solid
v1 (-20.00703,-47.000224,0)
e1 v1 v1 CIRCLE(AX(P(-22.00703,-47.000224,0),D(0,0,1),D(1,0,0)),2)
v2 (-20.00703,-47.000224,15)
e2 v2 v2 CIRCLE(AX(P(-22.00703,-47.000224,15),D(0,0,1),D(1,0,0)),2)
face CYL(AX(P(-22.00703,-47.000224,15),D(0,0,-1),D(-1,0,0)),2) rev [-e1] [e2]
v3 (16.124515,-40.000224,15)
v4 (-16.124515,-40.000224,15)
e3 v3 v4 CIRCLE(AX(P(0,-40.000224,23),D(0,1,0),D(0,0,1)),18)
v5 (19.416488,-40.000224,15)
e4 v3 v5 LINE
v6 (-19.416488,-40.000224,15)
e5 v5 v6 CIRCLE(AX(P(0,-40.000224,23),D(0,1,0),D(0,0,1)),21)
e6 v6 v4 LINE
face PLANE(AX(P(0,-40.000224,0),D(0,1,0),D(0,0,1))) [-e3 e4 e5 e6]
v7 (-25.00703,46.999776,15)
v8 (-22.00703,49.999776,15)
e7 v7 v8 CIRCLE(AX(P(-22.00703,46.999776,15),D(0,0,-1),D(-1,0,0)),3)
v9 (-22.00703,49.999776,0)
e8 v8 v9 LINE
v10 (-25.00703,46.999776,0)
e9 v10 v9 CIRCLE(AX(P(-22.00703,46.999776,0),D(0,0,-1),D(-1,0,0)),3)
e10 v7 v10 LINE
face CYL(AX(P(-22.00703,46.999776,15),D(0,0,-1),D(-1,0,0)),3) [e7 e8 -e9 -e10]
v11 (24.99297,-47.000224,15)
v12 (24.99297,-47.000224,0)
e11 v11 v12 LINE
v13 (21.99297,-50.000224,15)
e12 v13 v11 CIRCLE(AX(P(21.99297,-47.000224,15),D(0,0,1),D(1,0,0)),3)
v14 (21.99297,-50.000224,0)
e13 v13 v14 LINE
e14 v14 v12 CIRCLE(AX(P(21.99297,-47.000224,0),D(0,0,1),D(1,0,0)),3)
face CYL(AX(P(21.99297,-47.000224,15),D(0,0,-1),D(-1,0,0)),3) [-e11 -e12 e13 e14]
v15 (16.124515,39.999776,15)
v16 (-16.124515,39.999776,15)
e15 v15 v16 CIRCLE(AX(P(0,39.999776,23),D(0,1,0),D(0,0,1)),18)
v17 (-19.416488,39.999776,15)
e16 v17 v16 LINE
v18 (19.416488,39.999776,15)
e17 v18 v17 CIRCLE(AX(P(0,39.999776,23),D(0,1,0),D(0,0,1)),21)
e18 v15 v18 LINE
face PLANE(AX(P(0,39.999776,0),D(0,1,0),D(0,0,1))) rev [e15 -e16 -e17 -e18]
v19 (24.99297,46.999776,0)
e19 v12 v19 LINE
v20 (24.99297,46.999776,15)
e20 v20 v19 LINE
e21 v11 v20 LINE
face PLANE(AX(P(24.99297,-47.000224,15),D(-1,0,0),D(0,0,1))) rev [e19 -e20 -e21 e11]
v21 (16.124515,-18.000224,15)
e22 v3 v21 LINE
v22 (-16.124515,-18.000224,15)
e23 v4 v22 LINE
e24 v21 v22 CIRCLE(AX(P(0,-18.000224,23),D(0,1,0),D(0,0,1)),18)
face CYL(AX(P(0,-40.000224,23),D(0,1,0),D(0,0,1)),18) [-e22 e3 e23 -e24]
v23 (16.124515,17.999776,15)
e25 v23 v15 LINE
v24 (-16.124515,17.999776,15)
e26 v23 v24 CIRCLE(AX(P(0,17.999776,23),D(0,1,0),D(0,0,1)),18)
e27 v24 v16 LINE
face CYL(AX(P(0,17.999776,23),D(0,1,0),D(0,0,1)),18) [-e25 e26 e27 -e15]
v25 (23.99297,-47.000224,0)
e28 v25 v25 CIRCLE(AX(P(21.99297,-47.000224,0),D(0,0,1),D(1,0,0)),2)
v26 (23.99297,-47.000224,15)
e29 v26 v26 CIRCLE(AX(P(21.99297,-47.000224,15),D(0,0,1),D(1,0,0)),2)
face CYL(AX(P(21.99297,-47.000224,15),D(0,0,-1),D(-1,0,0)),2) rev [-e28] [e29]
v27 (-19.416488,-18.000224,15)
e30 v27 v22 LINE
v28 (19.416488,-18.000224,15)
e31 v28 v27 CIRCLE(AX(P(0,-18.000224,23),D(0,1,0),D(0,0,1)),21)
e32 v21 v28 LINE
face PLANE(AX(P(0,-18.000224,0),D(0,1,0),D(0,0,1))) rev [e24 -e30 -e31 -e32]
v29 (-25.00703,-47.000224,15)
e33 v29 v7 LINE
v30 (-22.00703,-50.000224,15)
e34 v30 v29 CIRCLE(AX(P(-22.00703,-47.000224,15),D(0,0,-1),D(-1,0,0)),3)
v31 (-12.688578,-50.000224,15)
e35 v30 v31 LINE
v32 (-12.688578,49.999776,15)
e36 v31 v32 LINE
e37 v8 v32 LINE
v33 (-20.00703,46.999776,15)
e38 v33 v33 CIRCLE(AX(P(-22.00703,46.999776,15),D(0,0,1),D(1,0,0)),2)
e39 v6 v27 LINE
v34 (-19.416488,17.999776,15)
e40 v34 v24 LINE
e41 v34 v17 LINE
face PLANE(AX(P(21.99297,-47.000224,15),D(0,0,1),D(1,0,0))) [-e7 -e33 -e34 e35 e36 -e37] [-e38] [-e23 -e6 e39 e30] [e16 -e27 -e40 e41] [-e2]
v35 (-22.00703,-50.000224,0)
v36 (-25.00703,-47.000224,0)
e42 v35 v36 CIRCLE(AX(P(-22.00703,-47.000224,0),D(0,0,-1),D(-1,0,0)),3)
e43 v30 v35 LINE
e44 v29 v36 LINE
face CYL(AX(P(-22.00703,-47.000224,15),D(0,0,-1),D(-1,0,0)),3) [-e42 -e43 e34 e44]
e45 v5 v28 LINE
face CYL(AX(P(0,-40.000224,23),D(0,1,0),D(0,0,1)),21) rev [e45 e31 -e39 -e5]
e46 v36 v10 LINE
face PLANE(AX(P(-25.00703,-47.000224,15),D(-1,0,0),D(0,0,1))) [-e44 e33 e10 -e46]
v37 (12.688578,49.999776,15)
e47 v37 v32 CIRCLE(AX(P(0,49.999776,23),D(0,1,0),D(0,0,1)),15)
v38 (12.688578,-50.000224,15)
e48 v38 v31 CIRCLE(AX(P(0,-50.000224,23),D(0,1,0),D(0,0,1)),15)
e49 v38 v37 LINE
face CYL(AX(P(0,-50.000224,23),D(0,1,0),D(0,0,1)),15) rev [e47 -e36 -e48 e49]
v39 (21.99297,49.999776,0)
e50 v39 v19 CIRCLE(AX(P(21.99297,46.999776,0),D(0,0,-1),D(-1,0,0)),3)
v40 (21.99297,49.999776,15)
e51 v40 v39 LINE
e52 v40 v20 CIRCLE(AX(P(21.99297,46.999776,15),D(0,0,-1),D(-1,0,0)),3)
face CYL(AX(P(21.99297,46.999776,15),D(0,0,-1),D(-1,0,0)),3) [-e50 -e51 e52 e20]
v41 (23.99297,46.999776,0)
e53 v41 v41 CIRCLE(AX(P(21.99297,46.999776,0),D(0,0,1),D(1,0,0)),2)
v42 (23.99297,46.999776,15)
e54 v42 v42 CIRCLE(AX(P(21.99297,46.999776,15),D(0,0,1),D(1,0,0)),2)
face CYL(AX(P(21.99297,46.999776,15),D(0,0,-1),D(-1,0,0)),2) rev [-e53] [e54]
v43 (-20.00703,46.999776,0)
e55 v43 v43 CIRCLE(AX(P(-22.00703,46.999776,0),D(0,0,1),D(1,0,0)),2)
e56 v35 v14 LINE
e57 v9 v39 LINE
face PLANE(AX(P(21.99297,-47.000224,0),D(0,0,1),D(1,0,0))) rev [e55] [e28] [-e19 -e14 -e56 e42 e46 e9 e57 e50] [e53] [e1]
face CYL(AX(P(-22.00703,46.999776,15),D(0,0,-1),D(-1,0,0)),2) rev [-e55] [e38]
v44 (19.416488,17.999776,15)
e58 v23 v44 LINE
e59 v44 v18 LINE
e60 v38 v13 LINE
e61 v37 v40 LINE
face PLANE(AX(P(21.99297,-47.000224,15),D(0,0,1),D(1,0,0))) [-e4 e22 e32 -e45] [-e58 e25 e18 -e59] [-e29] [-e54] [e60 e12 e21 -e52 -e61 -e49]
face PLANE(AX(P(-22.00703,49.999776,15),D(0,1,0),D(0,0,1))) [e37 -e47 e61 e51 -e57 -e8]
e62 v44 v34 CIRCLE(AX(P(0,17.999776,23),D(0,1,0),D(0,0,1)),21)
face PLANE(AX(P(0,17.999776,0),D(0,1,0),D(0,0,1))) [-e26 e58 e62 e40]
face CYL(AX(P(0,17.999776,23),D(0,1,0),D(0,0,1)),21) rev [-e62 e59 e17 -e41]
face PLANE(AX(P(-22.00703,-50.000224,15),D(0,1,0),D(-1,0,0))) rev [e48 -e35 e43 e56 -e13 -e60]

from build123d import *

# Parameters (mm, degrees)
SKETCH1_R           = 2
BOSS_EXTRUDE1_DEPTH = 15
CUT_EXTRUDE1_DEPTH  = 105.165020701
CUT_EXTRUDE2_START  = -10
CUT_EXTRUDE2_DEPTH  = 22
CUT_EXTRUDE3_START  = -68
CUT_EXTRUDE3_DEPTH  = 22


with BuildPart() as part:
    # Sketch1 → Boss-Extrude1 (new body)
    with BuildSketch(Plane.XY):
        with BuildLine():
            Line((-22.007029764, -50.000223574), (21.992970236, -50.000223574))
            ThreePointArc((21.992970236, -50.000223574), (24.114290579, -49.121543918), (24.992970236, -47.000223574))
            Line((24.992970236, -47.000223574), (24.992970236, 46.999776426))
            ThreePointArc((24.992970236, 46.999776426), (24.114290579, 49.12109677), (21.992970236, 49.999776426))
            Line((21.992970236, 49.999776426), (-22.007029764, 49.999776426))
            ThreePointArc((-22.007029764, 49.999776426), (-24.128350108, 49.12109677), (-25.007029764, 46.999776426))
            Line((-25.007029764, 46.999776426), (-25.007029764, -47.000223574))
            ThreePointArc((-25.007029764, -47.000223574), (-24.128350108, -49.121543918), (-22.007029764, -50.000223574))
        make_face()
        with Locations((-22.007029764, 46.999776426)):
            Circle(SKETCH1_R, mode=Mode.SUBTRACT)
        with Locations((21.992970236, 46.999776426)):
            Circle(SKETCH1_R, mode=Mode.SUBTRACT)
        with Locations((21.992970236, -47.000223574)):
            Circle(SKETCH1_R, mode=Mode.SUBTRACT)
        with Locations((-22.007029764, -47.000223574)):
            Circle(SKETCH1_R, mode=Mode.SUBTRACT)
    extrude(amount=BOSS_EXTRUDE1_DEPTH)

    # Sketch2 → Cut-Extrude1 (cut, through all)
    with BuildSketch(Plane(origin=(0, 49.999776426, 0), x_dir=(1, 0, 0), z_dir=(0, 1, 0))):
        with BuildLine():
            ThreePointArc((12.68857754, -15), (0, -8), (-12.68857754, -15))
            Line((-12.68857754, -15), (12.68857754, -15))
        make_face()
    extrude(amount=-CUT_EXTRUDE1_DEPTH, mode=Mode.SUBTRACT)

    # Sketch2<4> → Cut-Extrude2 (cut)
    with BuildSketch(Plane(origin=(0, 49.999776426, 0), x_dir=(1, 0, 0), z_dir=(0, 1, 0)).offset(CUT_EXTRUDE2_START)):
        with BuildLine():
            ThreePointArc((19.416487839, -15), (0, -2), (-19.416487839, -15))
            Line((-19.416487839, -15), (-16.124515497, -15))
            ThreePointArc((-16.124515497, -15), (0, -5), (16.124515497, -15))
            Line((16.124515497, -15), (19.416487839, -15))
        make_face()
    extrude(amount=-CUT_EXTRUDE2_DEPTH, mode=Mode.SUBTRACT)

    # Sketch2<5> → Cut-Extrude3 (cut)
    with BuildSketch(Plane(origin=(0, 49.999776426, 0), x_dir=(1, 0, 0), z_dir=(0, 1, 0)).offset(CUT_EXTRUDE3_START)):
        with BuildLine():
            ThreePointArc((19.416487839, -15), (0, -2), (-19.416487839, -15))
            Line((-19.416487839, -15), (-16.124515497, -15))
            ThreePointArc((-16.124515497, -15), (0, -5), (16.124515497, -15))
            Line((16.124515497, -15), (19.416487839, -15))
        make_face()
    extrude(amount=-CUT_EXTRUDE3_DEPTH, mode=Mode.SUBTRACT)


solid = part.part
